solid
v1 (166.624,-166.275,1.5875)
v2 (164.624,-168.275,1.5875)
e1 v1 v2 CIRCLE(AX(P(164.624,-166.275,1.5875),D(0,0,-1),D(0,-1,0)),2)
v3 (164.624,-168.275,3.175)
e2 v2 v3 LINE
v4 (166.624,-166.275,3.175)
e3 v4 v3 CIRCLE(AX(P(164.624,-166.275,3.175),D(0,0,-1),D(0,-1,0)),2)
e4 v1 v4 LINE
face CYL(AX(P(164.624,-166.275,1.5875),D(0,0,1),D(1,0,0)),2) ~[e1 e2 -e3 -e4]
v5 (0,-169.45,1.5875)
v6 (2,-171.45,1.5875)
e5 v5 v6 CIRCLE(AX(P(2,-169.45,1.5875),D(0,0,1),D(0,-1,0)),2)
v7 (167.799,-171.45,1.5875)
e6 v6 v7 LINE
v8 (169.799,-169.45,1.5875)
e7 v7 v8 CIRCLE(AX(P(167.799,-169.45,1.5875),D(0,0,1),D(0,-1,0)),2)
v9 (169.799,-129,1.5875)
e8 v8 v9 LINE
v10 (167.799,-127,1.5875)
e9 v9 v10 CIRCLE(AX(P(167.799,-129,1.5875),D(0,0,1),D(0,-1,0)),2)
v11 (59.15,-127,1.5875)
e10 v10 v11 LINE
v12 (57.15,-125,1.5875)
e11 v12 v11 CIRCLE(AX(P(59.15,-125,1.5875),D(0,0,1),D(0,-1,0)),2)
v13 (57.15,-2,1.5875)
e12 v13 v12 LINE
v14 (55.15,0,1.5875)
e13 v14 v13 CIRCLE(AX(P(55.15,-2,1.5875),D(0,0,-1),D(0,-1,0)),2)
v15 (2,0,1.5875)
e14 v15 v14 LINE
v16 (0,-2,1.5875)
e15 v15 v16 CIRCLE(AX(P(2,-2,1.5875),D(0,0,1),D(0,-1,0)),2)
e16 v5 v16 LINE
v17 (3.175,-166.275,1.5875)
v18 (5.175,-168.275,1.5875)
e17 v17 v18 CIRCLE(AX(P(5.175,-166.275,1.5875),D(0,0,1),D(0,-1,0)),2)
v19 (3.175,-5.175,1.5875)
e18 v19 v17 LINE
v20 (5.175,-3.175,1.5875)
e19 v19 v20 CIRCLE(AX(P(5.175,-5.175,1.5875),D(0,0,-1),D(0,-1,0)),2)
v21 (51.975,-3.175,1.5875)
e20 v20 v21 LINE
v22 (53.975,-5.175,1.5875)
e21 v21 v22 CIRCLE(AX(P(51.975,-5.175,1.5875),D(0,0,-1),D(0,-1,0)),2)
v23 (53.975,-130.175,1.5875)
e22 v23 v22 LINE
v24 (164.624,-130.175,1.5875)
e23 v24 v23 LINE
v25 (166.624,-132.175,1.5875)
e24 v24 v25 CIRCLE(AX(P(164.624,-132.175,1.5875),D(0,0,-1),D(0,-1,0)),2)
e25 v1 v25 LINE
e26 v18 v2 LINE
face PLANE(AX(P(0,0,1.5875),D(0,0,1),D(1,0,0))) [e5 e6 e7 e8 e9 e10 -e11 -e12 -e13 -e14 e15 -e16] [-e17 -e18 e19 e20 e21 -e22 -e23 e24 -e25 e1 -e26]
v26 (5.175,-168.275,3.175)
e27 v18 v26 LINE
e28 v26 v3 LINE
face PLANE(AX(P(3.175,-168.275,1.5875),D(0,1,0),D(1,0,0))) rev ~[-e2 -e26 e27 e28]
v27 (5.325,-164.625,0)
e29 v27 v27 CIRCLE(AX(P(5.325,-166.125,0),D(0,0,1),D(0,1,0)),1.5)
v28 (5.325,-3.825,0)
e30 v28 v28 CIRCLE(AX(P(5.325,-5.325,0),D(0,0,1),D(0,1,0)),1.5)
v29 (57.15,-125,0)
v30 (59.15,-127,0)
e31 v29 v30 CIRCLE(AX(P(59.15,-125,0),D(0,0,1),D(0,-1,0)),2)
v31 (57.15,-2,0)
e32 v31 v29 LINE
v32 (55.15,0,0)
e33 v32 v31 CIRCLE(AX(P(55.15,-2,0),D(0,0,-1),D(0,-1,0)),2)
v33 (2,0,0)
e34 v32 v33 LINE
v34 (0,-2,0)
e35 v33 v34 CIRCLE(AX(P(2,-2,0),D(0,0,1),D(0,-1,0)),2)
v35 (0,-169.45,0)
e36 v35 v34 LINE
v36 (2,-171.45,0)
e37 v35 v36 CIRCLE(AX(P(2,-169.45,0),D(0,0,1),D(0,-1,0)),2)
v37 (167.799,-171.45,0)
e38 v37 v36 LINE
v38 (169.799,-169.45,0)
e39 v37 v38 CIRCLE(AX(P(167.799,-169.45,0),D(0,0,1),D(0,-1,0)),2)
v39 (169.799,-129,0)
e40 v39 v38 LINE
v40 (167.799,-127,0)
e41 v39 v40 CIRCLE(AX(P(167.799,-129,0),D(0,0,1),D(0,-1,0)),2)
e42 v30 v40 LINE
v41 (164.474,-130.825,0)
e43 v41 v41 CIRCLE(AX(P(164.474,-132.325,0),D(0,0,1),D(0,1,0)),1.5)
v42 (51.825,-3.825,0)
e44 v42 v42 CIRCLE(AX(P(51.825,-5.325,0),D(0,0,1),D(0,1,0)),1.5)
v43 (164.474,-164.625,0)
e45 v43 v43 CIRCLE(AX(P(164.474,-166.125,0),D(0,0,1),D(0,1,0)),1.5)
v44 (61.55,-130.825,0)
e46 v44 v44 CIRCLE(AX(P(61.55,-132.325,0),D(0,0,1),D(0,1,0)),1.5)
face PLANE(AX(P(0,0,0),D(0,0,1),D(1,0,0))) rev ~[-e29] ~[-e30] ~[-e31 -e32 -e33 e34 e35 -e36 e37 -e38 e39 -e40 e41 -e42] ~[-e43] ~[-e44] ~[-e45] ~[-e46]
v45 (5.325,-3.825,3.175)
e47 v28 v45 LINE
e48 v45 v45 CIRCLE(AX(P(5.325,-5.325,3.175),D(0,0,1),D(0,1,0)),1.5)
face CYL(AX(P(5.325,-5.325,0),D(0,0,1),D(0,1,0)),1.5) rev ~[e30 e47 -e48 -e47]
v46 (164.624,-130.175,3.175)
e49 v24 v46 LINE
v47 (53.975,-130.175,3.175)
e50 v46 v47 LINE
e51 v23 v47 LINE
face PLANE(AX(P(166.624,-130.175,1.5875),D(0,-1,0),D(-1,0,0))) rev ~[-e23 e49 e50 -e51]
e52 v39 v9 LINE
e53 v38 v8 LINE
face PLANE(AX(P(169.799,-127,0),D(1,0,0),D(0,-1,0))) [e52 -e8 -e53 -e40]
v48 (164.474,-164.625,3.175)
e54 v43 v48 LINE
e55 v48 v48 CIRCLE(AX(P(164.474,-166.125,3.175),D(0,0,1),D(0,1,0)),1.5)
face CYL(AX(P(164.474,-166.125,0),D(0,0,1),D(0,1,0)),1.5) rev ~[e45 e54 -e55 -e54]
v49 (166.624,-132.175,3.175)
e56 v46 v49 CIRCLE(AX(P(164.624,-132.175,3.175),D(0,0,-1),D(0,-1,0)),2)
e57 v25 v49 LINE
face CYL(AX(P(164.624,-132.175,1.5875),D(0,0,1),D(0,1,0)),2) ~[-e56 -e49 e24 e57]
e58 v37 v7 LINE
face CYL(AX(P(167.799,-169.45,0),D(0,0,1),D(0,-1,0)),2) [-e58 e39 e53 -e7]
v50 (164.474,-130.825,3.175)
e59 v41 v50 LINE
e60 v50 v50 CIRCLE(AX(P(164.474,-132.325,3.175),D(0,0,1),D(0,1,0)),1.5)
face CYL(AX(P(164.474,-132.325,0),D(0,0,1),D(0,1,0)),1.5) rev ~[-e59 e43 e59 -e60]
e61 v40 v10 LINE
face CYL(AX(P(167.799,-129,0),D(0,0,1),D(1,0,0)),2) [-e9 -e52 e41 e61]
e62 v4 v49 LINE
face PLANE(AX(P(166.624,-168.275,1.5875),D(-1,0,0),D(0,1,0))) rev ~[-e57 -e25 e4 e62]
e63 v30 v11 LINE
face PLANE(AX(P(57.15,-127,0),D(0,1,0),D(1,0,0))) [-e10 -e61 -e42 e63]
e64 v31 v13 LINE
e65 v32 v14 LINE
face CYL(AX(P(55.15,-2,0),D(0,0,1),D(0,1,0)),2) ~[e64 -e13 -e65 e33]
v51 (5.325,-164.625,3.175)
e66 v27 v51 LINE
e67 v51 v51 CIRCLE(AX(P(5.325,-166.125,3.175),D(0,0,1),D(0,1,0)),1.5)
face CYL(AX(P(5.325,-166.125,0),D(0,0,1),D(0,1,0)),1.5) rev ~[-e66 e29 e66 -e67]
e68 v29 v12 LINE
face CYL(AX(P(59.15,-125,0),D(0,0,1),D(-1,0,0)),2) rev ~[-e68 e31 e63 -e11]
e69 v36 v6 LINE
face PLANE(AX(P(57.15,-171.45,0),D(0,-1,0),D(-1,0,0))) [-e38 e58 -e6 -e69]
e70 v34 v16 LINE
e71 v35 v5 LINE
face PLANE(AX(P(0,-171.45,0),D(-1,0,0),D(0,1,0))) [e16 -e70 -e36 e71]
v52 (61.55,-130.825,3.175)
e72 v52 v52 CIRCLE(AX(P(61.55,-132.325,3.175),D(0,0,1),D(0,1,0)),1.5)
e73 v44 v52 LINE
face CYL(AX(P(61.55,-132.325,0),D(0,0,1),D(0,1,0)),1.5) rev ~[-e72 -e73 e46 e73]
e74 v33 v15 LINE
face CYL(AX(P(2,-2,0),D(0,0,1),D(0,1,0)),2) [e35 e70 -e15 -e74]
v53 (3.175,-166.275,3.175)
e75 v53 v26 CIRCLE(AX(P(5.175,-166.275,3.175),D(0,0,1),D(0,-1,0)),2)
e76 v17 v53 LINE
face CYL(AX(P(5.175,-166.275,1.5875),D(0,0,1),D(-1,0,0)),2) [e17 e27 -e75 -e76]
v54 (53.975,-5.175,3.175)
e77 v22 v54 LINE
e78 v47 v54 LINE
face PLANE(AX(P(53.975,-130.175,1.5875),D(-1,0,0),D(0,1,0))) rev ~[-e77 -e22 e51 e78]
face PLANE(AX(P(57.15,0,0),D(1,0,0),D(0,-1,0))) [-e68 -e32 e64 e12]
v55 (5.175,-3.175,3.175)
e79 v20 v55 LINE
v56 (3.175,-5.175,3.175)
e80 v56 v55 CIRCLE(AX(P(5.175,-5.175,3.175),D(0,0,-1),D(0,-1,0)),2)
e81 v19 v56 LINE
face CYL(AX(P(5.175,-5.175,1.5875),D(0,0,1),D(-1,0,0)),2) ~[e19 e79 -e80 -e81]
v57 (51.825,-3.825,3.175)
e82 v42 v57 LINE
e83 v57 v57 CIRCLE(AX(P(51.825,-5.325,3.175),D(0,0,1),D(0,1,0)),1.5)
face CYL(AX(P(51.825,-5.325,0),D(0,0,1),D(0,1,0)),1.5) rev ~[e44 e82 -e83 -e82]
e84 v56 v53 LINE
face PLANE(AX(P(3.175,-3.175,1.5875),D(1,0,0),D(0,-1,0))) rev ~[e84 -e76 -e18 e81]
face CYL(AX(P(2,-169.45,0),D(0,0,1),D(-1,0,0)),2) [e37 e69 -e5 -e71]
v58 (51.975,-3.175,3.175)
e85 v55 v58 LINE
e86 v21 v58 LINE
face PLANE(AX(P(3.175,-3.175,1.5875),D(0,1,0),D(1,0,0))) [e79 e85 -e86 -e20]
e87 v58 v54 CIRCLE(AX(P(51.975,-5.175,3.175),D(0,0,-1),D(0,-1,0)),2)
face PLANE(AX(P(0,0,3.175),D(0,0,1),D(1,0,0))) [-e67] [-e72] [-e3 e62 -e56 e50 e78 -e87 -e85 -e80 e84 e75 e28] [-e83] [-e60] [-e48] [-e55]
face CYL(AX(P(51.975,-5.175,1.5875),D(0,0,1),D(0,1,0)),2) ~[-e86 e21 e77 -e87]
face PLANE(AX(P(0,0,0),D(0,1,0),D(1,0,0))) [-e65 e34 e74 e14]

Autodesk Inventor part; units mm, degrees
ref_plane "YZ Plane" through (0, 0, 0) normal (1, 0, 0) x (0, 1, 0)
ref_plane "XZ Plane" through (0, 0, 0) normal (0, 1, 0) x (-1, 0, 0)
ref_plane "XY Plane" through (0, 0, 0) normal (0, 0, 1) x (1, 0, 0)
sketch "Sketch1" plane through (0, 0, 0) normal (0, 0, 1) x (1, 0, 0)
  line L0 (0, 0) -> (3.175, 0)
  line L1 (3.175, 0) -> (53.975, 0)
  line L2 (53.975, 0) -> (57.15, 0)
  line L3 (57.15, 0) -> (57.15, -127)
  line L4 (57.15, -127) -> (111.887, -127)
  line L5 (111.887, -127) -> (169.799, -127)
  line L6 (169.799, -127) -> (169.799, -130.175)
  line L7 (169.799, -130.175) -> (169.799, -168.275)
  line L8 (169.799, -168.275) -> (169.799, -171.45)
  line L9 (169.799, -171.45) -> (57.15, -171.45)
  line L10 (57.15, -171.45) -> (0, -171.45)
  line L11 (0, -171.45) -> (0, 0)
  dimension "d0" = 3.175
  dimension "d1" = 50.8
  dimension "d2" = 3.175
  dimension "d3" = 127
  dimension "d4" = 54.737
  dimension "d5" = 57.912
  dimension "d6" = 3.175
  dimension "d7" = 38.1
  dimension "d8" = 3.175
extrude "Extrusion1" add sketch "Sketch1" along normal blind 1.5875
sketch "Sketch2" plane through (0, 0, 1.5875) normal (0, 0, 1) x (1, 0, 0)
  line L0 (57.15, 0) -> (0, 0) projected
  line L1 (0, 0) -> (0, -171.45) projected
  line L2 (0, -171.45) -> (169.799, -171.45) projected
  line L3 (169.799, -171.45) -> (169.799, -127) projected
  line L4 (169.799, -127) -> (57.15, -127) projected
  line L5 (3.175, -3.175) -> (3.175, -168.275)
  line L6 (3.175, -168.275) -> (166.624, -168.275)
  line L7 (166.624, -168.275) -> (166.624, -130.175)
  line L8 (166.624, -130.175) -> (53.975, -130.175)
  line L9 (53.975, -130.175) -> (53.975, -3.175)
  line L10 (3.175, -3.175) -> (53.975, -3.175)
extrude "Extrusion2" add sketch "Sketch2" along normal blind 1.5875
sketch "Sketch3" plane through (0, 0, 0) normal (0, 0, -1) x (-1, 0, 0)
  line L0 (-169.799, -127) -> (-57.15, -127) projected
  line L1 (-57.15, -127) -> (-57.15, -130.175)
  line L2 (-53.975, -130.175) -> (-166.624, -130.175) projected
  line L3 (-57.15, -130.175) -> (-61.55, -130.175)
  line L4 (-61.55, -130.175) -> (-61.55, -132.325)
  line L5 (-166.624, -168.275) -> (-166.624, -130.175) projected
  line L6 (-166.624, -130.175) -> (-164.474, -130.175)
  line L7 (-164.474, -130.175) -> (-164.474, -132.325)
  line L8 (-166.624, -168.275) -> (-3.175, -168.275) projected
  line L9 (-166.624, -168.275) -> (-164.474, -168.275)
  line L10 (-164.474, -168.275) -> (-164.474, -166.125)
  line L11 (-3.175, -168.275) -> (-3.175, -3.175) projected
  line L12 (-3.175, -168.275) -> (-5.325, -168.275)
  line L13 (-5.325, -168.275) -> (-5.325, -166.125)
  line L14 (-3.175, -3.175) -> (-5.325, -3.175)
  line L15 (-3.175, -3.175) -> (-53.975, -3.175) projected
  line L16 (-5.325, -3.175) -> (-5.325, -5.325)
  line L17 (-53.975, -3.175) -> (-51.825, -3.175)
  line L18 (-51.825, -3.175) -> (-51.825, -5.325)
  point P0 (0, 0)
  dimension "d23" = 4.4
  dimension "d24" = 2.15
  dimension "d25" = 270
  dimension "d26" = 2.15
  dimension "d27" = 2.15
  dimension "d28" = 2.15
  dimension "d29" = 2.15
  dimension "d30" = 2.15
  dimension "d31" = 2.15
  dimension "d32" = 2.15
  dimension "d33" = 2.15
  dimension "d34" = 2.15
hole "Hole1" at (51.825, -5.325, 0) at (5.325, -5.325, 0) at (61.55, -132.325, 0) at (5.325, -166.125, 0) at (164.474, -166.125, 0) at (164.474, -132.325, 0) direction (0, 0, 1) diameter 3 depth 3.175
fillet "Fillet1" radius 2 11 edges at (169.799, -127, 0.7937) (166.624, -130.175, 2.3812) (166.624, -168.275, 2.3812) (169.799, -171.45, 0.7937) (57.15, -127, 0.7937) (3.175, -168.275, 2.3812) (0, -171.45, 0.7937) (57.15, 0, 0.7937) (53.975, -3.175, 2.3812) (3.175, -3.175, 2.3812) (0, 0, 0.7937)
properties part number "Main Body Lid Backwards"
